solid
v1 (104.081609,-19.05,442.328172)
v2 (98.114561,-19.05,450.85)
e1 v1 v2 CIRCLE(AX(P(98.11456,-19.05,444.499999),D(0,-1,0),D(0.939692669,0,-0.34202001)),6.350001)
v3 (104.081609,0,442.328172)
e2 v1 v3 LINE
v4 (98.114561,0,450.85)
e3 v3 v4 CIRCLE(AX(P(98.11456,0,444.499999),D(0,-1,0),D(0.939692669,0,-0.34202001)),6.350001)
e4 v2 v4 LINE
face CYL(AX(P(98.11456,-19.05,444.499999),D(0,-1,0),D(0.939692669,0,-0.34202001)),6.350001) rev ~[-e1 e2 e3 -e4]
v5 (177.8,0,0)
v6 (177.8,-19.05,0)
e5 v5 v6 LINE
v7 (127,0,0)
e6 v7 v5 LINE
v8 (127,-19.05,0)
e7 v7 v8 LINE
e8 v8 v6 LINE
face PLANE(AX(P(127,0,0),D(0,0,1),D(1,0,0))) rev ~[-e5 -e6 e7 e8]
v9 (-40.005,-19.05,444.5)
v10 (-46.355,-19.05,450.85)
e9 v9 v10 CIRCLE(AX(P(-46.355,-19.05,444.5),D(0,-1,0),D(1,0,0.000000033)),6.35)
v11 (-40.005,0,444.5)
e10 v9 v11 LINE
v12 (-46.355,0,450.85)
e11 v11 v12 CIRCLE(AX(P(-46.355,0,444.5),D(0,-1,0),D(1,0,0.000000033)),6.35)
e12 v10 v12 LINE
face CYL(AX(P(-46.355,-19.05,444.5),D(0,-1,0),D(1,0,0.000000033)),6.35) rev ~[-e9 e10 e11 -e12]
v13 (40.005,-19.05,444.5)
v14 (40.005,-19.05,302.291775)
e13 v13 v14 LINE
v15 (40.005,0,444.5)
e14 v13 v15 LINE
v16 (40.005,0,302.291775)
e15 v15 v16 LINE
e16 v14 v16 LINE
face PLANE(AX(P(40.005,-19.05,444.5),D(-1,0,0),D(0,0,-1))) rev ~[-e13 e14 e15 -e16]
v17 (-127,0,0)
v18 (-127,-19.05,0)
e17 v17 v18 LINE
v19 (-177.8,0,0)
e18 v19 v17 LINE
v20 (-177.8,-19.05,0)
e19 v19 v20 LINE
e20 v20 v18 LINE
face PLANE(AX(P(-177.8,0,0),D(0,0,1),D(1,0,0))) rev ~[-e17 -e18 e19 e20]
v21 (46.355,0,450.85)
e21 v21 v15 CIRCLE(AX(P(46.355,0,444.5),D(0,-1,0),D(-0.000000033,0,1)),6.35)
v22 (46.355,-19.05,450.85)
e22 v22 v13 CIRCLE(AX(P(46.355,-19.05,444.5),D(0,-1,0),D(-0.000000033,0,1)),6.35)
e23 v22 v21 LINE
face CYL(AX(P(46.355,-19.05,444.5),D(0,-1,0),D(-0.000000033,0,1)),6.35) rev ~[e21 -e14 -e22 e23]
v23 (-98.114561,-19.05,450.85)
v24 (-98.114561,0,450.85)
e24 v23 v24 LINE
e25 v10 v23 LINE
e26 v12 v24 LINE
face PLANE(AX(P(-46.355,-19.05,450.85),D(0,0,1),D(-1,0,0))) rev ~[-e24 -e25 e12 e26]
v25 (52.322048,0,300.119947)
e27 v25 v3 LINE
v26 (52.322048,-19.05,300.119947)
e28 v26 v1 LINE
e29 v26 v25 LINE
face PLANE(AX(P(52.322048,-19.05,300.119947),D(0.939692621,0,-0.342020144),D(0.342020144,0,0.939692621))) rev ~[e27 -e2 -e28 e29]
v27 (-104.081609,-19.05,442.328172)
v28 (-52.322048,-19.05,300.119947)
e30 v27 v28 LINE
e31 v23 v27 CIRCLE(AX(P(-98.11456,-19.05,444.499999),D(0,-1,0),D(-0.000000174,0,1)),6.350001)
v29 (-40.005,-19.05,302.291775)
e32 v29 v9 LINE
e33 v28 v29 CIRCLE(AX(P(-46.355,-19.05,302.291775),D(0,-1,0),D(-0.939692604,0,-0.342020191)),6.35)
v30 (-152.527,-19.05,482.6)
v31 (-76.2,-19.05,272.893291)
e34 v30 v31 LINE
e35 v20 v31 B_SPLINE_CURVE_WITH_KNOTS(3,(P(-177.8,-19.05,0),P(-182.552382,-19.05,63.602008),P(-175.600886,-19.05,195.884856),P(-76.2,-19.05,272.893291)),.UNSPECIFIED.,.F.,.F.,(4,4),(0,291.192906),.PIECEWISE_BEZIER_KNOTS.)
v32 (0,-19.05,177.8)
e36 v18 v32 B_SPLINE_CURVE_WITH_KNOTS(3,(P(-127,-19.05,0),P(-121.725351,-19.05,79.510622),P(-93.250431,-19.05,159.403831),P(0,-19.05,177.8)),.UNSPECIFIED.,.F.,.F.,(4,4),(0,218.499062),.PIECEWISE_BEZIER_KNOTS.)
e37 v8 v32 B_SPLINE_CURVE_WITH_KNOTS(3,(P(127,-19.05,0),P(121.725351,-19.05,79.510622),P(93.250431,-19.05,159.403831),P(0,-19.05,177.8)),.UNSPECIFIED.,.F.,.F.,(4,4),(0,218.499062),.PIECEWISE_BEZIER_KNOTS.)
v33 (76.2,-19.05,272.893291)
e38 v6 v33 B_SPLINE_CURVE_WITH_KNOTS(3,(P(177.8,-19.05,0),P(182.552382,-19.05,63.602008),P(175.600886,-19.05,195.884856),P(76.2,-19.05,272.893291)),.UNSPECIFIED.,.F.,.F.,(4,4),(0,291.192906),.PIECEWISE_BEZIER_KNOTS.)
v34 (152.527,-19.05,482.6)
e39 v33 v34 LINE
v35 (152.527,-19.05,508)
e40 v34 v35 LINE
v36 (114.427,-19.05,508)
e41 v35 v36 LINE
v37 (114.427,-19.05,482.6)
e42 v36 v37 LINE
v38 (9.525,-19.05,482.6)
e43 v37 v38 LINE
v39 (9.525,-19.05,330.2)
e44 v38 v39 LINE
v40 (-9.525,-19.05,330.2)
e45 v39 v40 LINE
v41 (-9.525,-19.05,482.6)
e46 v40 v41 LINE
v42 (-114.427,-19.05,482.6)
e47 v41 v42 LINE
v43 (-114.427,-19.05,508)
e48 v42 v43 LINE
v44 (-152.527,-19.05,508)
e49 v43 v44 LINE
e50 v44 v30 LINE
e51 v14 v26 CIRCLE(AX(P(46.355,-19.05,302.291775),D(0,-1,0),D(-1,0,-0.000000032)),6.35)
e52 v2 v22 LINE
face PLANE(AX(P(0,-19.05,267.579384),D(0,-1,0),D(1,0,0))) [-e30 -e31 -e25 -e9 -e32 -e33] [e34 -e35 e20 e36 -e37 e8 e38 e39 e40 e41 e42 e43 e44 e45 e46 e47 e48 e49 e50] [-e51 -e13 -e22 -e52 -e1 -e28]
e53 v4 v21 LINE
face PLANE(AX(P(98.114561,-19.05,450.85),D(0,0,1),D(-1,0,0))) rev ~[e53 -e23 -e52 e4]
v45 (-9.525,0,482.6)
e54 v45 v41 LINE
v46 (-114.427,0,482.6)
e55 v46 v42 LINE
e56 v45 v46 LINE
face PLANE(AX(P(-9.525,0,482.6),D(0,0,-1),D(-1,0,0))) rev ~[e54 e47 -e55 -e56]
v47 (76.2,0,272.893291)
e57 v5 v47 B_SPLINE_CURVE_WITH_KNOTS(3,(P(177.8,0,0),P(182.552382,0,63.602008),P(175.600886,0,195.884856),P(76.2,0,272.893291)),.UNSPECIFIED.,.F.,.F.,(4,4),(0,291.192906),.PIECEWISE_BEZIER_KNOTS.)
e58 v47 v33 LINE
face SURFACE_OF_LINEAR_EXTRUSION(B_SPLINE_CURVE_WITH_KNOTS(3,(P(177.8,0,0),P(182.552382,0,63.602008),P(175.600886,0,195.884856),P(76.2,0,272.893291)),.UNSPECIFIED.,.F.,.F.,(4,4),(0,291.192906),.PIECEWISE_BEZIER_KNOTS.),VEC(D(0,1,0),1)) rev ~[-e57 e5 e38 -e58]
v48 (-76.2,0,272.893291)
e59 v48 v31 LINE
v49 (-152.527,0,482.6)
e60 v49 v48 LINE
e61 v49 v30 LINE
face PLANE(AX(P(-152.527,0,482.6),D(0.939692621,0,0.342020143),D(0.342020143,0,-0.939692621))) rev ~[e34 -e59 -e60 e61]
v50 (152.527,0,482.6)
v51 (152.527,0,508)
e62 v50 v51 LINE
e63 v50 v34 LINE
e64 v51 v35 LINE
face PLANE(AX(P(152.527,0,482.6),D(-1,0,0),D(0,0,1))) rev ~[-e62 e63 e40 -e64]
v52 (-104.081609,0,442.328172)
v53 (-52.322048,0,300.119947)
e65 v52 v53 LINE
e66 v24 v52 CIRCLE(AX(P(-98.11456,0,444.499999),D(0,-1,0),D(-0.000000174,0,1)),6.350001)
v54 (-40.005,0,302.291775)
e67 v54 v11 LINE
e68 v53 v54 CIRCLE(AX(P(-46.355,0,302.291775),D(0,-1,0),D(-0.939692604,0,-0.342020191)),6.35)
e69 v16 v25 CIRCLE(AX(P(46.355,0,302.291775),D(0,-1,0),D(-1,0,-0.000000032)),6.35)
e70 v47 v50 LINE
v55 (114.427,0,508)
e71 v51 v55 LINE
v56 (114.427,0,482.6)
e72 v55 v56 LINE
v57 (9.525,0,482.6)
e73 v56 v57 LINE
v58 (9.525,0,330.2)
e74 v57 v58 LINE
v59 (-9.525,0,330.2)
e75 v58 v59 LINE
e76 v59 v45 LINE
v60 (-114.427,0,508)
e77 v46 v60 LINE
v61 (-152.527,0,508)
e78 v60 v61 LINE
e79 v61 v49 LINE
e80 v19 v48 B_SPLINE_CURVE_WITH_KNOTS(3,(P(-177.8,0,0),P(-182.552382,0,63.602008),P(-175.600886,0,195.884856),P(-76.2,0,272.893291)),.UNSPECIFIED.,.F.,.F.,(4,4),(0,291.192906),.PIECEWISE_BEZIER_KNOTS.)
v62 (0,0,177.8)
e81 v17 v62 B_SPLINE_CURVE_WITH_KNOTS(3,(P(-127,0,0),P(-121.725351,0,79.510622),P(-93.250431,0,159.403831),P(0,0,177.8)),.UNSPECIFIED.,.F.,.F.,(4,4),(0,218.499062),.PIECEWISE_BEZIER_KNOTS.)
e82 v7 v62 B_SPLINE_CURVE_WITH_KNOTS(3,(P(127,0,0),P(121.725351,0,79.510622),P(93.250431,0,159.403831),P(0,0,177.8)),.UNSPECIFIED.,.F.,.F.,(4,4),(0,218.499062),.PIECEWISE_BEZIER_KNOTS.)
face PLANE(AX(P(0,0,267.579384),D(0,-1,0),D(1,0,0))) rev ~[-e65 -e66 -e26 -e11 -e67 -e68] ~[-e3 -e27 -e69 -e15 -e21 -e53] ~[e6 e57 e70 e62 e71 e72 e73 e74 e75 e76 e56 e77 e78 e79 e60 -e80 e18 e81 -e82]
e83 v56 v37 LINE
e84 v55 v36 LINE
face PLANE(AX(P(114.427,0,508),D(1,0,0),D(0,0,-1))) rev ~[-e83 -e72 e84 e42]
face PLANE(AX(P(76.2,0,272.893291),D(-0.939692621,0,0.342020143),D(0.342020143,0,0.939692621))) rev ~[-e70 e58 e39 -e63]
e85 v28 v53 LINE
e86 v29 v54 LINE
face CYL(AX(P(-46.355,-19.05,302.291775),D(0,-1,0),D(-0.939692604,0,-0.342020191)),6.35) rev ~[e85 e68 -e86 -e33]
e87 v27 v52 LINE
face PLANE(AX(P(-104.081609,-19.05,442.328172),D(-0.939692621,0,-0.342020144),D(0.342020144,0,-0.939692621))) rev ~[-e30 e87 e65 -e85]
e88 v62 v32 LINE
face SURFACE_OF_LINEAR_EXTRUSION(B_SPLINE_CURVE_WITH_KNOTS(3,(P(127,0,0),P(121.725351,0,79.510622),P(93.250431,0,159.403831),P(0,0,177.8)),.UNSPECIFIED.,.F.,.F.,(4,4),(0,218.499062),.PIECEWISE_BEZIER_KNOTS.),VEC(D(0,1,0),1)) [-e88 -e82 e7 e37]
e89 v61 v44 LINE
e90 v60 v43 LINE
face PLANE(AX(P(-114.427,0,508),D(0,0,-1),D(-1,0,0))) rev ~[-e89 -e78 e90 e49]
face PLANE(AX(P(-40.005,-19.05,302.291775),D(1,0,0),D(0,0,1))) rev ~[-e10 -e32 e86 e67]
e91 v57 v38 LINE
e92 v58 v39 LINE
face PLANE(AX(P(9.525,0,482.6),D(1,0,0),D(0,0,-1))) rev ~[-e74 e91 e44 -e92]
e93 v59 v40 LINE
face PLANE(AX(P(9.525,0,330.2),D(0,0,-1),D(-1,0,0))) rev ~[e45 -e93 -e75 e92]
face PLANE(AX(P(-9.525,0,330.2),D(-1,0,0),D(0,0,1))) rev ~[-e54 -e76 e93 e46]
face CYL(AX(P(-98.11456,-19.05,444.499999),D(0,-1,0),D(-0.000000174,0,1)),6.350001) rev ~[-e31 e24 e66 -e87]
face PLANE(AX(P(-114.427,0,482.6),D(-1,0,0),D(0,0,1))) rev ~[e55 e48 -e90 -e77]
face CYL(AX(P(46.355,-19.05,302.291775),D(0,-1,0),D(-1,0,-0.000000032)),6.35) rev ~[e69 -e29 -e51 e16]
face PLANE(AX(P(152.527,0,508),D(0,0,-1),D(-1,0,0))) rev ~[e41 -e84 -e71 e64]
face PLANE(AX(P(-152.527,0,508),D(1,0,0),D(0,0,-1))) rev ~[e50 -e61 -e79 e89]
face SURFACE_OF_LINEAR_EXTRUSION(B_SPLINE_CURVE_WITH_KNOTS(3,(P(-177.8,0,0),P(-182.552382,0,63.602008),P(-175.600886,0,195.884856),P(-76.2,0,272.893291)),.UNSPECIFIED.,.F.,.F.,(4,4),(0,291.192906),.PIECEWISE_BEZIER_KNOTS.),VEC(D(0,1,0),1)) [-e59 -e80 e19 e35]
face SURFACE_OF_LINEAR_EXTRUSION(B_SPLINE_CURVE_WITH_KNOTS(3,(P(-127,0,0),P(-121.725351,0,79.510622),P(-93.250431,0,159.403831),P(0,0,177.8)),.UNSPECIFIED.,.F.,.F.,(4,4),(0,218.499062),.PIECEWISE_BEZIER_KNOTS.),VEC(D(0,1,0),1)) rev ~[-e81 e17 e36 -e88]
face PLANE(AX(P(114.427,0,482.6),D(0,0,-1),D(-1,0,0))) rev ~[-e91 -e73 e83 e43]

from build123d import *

# Parameters (mm, degrees)
F1_DEPTH = 19.05
F3_DEPTH = 25.4


with BuildPart() as f1:
    # F0 (on Front) → F1 (new body)
    with BuildSketch(Plane.XZ):
        with BuildLine():
            Line((-177.8, 0), (-127, 0))
            add(Edge.make_bspline(
                [(-127, 0), (-121.725351, 79.510622), (-93.250431, 159.403831), (0, 177.8)],
                knots=[0, 0, 0, 0, 218.499062, 218.499062, 218.499062, 218.499062], degree=3))
            add(Edge.make_bspline(
                [(127, 0), (121.725351, 79.510622), (93.250431, 159.403831), (0, 177.8)],
                knots=[0, 0, 0, 0, 218.499062, 218.499062, 218.499062, 218.499062], degree=3))
            Line((127, 0), (177.8, 0))
            add(Edge.make_bspline(
                [(177.8, 0), (182.552382, 63.602008), (175.600886, 195.884856), (76.2, 272.893291)],
                knots=[0, 0, 0, 0, 291.192906, 291.192906, 291.192906, 291.192906], degree=3))
            Line((76.2, 272.893291), (152.527, 482.6))
            Line((152.527, 482.6), (152.527, 508))
            Line((152.527, 508), (114.427, 508))
            Line((114.427, 508), (114.427, 482.6))
            Line((114.427, 482.6), (9.525, 482.6))
            Line((9.525, 482.6), (9.525, 330.2))
            Line((9.525, 330.2), (0, 330.2))
            Line((0, 330.2), (-9.525, 330.2))
            Line((-9.525, 330.2), (-9.525, 482.6))
            Line((-9.525, 482.6), (-114.427, 482.6))
            Line((-114.427, 482.6), (-114.427, 508))
            Line((-114.427, 508), (-152.527, 508))
            Line((-152.527, 508), (-152.527, 482.6))
            Line((-152.527, 482.6), (-76.2, 272.893291))
            add(Edge.make_bspline(
                [(-177.8, 0), (-182.552382, 63.602008), (-175.600886, 195.884856), (-76.2, 272.893291)],
                knots=[0, 0, 0, 0, 291.192906, 291.192906, 291.192906, 291.192906], degree=3))
        make_face()
    extrude(amount=F1_DEPTH)

    # F2 (on face) → F3 (cut)
    with BuildSketch(Plane.XZ.offset(19.05)):
        with BuildLine():
            ThreePointArc((-98.114561, 450.85), (-103.316176, 448.14221), (-104.081609, 442.328172))
            Line((-104.081609, 442.328172), (-52.322048, 300.119947))
            ThreePointArc((-52.322048, 300.119947), (-45.252334, 296.038246), (-40.005, 302.291775))
            Line((-40.005, 302.291775), (-40.005, 444.5))
            ThreePointArc((-40.005, 444.5), (-41.864872, 448.990128), (-46.355, 450.85))
            Line((-46.355, 450.85), (-98.114561, 450.85))
        make_face()
        with BuildLine():
            ThreePointArc((46.355, 450.85), (41.864872, 448.990128), (40.005, 444.5))
            Line((40.005, 444.5), (40.005, 302.291775))
            ThreePointArc((40.005, 302.291775), (45.252334, 296.038246), (52.322048, 300.119947))
            Line((52.322048, 300.119947), (104.081609, 442.328172))
            ThreePointArc((104.081609, 442.328172), (103.316176, 448.14221), (98.114561, 450.85))
            Line((98.114561, 450.85), (46.355, 450.85))
        make_face()
    extrude(amount=-F3_DEPTH, mode=Mode.SUBTRACT)


solid = f1.part
